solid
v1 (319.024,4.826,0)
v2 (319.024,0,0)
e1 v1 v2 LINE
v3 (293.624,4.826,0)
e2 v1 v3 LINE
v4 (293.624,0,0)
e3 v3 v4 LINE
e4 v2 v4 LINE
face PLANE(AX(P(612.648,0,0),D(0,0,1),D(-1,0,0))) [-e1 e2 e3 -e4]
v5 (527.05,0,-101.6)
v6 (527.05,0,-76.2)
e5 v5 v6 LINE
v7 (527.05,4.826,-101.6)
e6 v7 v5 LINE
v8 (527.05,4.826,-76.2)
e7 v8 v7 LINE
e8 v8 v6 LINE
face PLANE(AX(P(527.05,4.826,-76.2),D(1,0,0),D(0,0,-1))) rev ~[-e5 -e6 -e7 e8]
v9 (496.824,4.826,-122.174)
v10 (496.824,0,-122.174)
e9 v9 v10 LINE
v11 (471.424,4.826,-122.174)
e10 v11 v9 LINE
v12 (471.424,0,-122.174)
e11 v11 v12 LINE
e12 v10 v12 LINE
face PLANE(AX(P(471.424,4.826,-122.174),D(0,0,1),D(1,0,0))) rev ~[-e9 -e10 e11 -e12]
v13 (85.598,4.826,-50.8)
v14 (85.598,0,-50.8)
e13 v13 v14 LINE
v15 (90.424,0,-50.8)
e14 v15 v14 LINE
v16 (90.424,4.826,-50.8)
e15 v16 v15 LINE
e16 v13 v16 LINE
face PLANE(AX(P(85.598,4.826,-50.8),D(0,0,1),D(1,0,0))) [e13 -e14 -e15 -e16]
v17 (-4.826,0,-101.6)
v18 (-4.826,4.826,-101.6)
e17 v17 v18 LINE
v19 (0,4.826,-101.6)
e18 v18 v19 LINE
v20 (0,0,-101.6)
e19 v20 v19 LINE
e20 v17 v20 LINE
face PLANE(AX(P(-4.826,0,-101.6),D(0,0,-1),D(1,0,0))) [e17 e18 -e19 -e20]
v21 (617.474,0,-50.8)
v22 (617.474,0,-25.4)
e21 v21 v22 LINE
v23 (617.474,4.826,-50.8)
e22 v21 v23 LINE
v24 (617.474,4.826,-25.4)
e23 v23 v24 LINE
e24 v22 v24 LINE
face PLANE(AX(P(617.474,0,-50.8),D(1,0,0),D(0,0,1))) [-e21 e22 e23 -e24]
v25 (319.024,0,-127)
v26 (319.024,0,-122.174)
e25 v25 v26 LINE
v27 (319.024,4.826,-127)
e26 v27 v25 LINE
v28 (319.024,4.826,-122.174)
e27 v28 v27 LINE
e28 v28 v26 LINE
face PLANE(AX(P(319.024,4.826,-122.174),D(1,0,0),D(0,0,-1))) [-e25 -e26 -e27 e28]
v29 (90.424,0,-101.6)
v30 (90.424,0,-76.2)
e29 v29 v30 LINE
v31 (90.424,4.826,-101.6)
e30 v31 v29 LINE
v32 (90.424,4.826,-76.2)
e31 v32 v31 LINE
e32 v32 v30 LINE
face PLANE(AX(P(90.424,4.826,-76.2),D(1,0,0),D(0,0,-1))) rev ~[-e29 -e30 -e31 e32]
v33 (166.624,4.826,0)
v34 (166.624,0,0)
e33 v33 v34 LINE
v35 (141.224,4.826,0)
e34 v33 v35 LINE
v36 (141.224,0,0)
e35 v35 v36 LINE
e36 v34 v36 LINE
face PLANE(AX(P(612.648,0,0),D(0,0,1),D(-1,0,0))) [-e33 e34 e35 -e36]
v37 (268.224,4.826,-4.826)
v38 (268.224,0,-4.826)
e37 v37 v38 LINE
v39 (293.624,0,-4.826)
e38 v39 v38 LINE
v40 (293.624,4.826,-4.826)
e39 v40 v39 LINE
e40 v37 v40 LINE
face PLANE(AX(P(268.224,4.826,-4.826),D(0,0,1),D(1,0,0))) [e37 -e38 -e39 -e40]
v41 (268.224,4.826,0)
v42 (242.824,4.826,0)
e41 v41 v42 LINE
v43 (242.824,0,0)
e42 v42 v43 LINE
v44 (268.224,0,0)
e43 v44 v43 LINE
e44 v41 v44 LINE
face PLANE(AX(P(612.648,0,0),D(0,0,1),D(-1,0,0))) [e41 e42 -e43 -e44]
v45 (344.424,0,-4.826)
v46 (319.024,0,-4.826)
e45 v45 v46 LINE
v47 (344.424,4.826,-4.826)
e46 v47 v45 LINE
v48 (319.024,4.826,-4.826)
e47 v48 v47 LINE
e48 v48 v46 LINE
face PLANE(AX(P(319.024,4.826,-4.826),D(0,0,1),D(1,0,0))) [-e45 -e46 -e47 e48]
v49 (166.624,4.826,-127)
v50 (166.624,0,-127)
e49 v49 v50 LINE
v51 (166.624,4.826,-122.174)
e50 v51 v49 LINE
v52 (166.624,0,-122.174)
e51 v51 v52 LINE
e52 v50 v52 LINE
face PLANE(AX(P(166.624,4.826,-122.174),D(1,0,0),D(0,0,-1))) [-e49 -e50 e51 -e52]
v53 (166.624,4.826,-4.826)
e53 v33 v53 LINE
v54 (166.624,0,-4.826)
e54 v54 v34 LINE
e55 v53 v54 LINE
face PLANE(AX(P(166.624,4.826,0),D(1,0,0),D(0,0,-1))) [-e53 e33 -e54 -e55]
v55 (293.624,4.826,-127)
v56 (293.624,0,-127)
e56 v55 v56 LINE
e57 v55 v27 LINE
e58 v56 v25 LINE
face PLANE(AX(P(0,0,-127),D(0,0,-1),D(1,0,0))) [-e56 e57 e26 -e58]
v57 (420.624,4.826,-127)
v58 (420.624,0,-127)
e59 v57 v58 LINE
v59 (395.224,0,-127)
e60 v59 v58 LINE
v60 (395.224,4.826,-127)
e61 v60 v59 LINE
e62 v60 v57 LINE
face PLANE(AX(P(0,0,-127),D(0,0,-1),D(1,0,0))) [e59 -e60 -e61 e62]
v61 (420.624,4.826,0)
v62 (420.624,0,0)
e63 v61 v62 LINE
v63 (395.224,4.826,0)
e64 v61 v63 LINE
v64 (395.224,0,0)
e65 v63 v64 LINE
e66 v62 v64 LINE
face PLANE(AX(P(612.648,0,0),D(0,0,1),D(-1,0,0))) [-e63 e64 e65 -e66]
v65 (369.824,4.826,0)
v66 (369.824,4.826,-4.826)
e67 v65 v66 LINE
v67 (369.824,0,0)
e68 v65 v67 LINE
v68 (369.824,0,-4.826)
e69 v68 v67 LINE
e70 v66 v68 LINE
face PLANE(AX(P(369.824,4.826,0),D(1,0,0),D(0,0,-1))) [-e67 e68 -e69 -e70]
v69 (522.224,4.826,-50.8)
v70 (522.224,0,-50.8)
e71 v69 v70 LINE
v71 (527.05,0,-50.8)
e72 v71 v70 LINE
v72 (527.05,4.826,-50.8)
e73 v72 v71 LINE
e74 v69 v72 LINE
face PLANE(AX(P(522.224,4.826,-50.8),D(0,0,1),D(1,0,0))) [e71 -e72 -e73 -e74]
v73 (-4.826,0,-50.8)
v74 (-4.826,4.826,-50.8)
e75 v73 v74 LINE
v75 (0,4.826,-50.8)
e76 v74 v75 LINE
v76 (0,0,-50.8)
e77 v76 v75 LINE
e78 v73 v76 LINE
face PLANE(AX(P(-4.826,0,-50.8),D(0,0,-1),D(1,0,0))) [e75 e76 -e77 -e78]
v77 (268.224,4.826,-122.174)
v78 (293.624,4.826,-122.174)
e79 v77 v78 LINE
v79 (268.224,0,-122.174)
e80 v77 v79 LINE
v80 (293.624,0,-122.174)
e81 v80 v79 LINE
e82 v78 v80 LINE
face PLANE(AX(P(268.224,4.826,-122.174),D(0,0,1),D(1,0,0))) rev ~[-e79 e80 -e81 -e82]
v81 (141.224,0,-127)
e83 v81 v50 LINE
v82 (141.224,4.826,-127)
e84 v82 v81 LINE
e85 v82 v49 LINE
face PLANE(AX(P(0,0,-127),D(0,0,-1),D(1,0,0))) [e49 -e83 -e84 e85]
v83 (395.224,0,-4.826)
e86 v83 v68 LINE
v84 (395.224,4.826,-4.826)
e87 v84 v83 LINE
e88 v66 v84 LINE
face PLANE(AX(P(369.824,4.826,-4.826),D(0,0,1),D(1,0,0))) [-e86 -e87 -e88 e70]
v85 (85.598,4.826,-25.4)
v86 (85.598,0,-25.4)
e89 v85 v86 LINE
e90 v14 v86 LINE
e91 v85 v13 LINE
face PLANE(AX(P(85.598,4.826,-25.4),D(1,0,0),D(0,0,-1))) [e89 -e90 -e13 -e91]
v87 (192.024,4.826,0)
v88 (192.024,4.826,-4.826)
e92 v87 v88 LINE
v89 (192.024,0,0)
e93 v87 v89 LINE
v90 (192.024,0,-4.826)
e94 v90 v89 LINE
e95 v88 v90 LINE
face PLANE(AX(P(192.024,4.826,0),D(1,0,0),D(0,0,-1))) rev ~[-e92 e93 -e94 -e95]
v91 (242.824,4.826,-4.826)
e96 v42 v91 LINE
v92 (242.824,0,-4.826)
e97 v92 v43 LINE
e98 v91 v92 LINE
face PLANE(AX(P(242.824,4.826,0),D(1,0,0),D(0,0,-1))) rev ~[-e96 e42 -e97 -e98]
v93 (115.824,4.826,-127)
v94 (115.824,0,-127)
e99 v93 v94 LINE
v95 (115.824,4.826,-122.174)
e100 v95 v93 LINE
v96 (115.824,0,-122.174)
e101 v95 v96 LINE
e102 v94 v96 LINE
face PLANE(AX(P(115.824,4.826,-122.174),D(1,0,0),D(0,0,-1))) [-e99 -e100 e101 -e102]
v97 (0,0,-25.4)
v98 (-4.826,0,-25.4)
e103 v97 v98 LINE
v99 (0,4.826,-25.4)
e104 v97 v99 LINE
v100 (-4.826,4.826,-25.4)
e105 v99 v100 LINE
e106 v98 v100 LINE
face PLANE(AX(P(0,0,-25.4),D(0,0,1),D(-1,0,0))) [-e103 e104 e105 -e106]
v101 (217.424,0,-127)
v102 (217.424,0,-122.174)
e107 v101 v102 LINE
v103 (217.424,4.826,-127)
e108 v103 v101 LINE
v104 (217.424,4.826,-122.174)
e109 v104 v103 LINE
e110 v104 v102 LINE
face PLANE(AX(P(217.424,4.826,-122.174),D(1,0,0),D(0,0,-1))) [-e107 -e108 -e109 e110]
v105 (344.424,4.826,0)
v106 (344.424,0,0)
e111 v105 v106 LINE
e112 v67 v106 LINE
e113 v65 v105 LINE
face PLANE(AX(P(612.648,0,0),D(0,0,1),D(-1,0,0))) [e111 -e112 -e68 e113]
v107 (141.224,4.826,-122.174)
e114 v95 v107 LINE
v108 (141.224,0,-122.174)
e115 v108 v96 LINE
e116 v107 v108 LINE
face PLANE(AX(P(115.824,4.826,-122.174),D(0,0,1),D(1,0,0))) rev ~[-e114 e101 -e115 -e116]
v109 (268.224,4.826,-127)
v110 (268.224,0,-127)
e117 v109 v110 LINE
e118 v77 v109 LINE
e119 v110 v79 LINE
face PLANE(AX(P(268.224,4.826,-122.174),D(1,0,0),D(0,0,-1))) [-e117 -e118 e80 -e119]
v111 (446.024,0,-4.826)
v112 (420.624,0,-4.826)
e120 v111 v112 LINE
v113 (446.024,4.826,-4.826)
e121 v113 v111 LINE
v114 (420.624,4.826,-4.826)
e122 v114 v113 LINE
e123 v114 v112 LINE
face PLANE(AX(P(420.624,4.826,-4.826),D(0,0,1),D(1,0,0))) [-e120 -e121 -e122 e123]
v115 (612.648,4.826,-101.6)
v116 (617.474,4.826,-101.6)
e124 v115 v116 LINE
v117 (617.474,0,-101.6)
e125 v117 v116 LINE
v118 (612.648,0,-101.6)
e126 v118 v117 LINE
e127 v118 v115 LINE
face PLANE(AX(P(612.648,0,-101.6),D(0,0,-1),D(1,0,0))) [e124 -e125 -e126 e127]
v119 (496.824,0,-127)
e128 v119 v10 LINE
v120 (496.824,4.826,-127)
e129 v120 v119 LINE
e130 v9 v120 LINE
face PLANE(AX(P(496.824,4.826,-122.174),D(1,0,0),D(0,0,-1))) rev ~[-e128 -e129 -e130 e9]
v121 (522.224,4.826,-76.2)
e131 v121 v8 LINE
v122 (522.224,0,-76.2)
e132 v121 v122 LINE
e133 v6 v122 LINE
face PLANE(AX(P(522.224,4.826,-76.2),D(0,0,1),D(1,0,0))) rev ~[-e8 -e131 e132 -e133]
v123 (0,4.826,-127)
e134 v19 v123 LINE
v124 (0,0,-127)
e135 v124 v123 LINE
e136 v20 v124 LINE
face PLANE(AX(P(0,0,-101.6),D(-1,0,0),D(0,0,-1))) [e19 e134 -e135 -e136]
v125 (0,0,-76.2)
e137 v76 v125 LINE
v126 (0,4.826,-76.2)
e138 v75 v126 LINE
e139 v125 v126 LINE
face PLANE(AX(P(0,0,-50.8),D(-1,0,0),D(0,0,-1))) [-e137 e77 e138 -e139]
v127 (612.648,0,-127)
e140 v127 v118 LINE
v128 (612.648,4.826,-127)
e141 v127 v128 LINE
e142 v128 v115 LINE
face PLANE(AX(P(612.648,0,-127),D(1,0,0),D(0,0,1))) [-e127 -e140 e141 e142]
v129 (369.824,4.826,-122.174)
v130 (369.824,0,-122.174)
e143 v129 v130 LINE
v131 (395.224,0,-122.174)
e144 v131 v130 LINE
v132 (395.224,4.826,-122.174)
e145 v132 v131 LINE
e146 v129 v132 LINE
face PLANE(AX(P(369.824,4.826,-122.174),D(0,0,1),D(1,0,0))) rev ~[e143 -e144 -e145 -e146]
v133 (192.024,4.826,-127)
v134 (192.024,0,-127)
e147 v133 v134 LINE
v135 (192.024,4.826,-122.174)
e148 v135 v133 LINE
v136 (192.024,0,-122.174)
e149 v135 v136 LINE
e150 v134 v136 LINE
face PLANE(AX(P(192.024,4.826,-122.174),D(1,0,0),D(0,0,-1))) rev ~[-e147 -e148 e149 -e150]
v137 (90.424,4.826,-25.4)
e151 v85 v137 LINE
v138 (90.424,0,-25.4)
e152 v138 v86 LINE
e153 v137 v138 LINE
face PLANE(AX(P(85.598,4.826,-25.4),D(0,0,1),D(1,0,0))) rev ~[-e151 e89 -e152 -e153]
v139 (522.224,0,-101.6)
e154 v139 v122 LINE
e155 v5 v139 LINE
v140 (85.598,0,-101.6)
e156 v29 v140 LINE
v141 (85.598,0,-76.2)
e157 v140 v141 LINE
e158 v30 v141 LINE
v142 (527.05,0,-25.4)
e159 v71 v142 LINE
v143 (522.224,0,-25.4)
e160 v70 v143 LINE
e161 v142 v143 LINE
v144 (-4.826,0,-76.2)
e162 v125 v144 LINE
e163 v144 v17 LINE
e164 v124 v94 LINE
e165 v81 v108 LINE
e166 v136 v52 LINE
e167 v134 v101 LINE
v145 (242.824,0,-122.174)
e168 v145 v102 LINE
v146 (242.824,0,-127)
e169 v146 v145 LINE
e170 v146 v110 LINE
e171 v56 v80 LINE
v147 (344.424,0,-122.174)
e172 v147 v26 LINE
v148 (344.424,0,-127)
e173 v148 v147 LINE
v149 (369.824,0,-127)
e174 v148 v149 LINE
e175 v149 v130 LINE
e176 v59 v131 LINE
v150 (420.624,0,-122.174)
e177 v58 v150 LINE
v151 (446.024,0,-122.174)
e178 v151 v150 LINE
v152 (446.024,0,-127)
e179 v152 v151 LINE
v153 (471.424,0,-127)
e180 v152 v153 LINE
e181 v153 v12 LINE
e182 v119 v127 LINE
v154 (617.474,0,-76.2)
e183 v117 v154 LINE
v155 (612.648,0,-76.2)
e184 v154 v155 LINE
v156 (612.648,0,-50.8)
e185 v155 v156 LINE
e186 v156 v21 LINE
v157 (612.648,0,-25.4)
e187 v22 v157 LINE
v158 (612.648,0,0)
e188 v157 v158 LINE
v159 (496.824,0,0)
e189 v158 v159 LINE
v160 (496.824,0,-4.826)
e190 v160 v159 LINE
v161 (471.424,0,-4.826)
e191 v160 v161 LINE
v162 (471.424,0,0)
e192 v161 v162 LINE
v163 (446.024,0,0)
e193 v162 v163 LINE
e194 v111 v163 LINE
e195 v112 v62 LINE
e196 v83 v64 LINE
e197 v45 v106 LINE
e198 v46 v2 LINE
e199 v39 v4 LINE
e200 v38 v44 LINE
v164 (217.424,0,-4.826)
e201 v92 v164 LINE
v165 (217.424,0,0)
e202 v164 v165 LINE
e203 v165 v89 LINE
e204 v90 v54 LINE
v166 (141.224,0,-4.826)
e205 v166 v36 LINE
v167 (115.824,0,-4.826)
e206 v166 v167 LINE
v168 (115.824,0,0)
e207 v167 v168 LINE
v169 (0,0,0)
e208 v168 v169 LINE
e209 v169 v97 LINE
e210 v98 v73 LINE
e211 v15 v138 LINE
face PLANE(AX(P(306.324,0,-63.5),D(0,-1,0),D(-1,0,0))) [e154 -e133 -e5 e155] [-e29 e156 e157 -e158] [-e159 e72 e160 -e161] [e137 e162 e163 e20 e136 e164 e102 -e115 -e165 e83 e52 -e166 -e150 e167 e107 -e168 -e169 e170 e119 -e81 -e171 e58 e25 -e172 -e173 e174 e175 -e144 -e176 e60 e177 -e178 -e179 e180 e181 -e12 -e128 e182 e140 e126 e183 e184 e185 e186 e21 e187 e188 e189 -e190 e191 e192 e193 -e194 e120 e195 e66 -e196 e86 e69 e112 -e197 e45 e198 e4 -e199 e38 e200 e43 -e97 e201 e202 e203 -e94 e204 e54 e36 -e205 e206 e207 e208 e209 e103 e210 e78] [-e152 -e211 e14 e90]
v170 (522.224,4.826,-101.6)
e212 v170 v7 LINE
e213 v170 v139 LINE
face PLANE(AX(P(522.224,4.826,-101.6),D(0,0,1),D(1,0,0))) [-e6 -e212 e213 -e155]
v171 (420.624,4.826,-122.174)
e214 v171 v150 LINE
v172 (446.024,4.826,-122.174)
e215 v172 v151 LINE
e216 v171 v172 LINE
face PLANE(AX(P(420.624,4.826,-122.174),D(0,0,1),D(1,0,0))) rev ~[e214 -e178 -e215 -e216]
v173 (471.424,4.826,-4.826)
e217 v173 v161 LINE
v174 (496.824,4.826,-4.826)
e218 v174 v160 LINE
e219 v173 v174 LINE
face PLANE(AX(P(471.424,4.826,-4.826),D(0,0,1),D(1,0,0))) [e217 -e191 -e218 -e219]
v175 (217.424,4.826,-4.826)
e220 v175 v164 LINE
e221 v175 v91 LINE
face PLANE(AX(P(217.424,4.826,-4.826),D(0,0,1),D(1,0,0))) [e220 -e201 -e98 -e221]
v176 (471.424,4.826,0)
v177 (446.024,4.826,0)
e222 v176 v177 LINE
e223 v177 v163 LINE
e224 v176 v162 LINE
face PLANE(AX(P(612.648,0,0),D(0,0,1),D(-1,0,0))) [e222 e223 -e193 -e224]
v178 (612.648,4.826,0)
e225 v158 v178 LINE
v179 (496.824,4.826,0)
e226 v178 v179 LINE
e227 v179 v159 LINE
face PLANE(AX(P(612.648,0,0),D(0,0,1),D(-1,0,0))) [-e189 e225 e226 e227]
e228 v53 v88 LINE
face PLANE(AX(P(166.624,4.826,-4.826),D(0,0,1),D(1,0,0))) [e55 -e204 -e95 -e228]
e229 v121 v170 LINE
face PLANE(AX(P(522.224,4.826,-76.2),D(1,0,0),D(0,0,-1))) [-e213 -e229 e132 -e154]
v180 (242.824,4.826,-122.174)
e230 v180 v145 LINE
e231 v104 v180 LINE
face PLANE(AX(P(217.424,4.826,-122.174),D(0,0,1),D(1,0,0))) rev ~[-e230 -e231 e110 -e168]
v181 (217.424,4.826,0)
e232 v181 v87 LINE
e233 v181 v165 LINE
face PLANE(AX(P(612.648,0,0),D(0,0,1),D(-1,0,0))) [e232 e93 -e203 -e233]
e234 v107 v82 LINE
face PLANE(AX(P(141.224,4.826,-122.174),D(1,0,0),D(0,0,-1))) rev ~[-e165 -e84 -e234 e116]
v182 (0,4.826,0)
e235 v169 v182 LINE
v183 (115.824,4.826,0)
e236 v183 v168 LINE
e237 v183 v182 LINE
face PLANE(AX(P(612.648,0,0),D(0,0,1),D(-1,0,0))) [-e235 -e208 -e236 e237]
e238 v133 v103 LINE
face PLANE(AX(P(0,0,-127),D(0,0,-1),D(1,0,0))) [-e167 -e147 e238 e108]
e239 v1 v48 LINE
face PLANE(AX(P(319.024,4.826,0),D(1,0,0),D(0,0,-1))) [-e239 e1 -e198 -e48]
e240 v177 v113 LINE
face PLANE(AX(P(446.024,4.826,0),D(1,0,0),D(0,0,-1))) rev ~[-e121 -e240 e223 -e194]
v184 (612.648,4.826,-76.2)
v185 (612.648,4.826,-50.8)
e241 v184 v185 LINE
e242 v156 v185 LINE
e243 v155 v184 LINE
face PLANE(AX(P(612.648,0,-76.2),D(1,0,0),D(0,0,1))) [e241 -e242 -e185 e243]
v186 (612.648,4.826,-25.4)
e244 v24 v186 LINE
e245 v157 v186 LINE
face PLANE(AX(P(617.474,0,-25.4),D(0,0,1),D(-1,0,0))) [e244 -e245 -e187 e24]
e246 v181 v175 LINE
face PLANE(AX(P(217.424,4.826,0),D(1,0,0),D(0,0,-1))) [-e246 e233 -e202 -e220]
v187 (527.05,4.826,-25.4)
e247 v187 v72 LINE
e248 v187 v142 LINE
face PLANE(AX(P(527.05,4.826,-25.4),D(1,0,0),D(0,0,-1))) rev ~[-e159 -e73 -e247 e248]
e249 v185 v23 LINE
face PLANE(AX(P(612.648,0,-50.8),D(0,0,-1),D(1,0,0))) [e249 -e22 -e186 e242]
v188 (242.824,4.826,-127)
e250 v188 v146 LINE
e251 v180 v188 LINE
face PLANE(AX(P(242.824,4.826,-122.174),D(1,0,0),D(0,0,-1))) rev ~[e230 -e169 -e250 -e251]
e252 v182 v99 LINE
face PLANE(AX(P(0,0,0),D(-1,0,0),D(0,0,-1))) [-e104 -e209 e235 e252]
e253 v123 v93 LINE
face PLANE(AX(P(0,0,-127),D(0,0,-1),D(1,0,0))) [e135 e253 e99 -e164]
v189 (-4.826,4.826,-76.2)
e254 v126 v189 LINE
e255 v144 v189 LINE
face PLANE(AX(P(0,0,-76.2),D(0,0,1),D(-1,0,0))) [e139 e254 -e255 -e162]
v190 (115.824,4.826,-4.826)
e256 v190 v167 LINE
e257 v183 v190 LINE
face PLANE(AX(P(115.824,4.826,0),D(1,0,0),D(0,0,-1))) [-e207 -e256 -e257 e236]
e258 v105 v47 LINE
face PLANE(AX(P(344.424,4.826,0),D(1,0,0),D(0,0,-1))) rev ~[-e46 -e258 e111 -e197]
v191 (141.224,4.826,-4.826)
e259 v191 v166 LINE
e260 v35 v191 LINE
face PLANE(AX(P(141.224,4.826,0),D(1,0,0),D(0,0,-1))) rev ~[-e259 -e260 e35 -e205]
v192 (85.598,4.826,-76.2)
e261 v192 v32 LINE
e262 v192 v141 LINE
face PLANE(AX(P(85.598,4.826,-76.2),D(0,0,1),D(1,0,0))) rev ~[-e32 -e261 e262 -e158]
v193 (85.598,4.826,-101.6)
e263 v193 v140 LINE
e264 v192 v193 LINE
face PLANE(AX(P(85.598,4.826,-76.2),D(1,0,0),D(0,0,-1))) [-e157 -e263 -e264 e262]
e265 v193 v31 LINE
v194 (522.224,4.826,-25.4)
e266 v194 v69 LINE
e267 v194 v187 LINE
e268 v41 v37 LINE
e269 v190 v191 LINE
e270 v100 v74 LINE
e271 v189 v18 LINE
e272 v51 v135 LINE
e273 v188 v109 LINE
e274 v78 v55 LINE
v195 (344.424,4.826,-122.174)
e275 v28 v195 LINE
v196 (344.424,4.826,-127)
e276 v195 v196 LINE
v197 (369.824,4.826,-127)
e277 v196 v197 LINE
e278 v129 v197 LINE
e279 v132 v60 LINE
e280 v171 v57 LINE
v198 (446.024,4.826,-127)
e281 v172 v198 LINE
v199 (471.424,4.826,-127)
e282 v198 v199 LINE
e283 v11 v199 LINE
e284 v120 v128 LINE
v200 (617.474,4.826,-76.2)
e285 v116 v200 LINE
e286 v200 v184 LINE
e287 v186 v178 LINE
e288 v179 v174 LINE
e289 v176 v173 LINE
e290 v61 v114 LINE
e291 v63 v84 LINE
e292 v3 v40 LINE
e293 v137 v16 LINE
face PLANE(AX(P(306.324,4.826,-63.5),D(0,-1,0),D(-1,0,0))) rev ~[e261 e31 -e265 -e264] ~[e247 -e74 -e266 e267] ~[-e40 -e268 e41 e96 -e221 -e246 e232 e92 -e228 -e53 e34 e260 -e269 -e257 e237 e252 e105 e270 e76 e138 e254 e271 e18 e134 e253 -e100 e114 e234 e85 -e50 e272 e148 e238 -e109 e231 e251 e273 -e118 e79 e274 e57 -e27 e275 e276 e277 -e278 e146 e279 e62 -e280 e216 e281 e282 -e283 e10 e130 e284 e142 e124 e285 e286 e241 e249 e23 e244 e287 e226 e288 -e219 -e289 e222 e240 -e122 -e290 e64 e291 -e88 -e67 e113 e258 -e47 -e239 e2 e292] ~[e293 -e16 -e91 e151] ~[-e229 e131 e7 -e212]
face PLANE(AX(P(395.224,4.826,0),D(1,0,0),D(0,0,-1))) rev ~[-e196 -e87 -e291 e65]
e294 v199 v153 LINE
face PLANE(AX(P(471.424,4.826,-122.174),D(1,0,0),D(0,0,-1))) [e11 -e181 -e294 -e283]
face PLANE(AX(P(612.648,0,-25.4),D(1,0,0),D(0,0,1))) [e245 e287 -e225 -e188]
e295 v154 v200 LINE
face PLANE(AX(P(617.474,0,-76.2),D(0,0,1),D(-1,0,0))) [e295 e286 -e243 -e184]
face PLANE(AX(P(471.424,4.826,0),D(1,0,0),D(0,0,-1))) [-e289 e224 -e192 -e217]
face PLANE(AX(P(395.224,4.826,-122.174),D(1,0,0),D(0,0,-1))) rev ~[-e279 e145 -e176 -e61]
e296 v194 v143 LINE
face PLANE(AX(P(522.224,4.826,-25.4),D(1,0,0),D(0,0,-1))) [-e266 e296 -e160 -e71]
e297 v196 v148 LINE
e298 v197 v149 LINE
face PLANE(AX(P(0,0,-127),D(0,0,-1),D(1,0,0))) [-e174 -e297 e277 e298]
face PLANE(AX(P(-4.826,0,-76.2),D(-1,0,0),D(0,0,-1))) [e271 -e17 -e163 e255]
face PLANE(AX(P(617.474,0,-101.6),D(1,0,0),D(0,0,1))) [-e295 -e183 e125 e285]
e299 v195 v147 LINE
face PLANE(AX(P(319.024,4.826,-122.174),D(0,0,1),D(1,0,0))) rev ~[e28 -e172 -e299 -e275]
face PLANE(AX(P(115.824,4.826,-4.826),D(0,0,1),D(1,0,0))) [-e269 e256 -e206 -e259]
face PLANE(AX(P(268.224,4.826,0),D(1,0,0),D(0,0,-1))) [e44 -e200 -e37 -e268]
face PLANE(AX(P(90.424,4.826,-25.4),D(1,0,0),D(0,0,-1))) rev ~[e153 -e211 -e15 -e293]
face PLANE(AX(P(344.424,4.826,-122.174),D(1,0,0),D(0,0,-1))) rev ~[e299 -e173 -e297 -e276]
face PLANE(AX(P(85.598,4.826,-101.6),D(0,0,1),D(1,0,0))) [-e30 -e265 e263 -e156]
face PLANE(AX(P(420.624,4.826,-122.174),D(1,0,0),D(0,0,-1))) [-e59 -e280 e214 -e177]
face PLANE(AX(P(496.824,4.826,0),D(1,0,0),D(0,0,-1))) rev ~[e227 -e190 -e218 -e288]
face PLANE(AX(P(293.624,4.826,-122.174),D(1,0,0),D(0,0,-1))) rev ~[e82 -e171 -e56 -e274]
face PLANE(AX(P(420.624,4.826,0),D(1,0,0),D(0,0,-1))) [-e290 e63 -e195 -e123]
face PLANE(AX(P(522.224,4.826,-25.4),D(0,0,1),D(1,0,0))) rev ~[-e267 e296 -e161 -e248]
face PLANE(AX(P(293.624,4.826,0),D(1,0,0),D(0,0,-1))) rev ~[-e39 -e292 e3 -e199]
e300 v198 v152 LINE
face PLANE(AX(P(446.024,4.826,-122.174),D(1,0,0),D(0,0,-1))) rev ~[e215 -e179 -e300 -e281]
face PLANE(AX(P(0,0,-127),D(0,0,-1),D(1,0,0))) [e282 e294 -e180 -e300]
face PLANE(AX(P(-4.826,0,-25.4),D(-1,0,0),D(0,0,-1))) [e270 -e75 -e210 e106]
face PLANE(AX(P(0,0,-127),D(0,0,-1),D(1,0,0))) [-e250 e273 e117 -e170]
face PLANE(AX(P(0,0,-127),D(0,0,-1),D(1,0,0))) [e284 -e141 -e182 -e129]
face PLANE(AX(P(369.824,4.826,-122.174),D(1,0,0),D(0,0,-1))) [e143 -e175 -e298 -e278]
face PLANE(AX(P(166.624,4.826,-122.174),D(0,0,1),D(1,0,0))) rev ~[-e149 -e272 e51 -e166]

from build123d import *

# Parameters (mm, degrees)
BOSS_EXTRUDE1_DEPTH = 4.826
SKETCH2_W           = 4.826
SKETCH2_H           = 25.4
CUT_EXTRUDE1_DEPTH  = 5.826
SKETCH3_W           = 25.4
SKETCH3_H           = 4.826
CUT_EXTRUDE2_DEPTH  = 5.826


with BuildPart() as part:
    # Sketch1 → Boss-Extrude1 (new body)
    with BuildSketch(Plane(origin=(0, 0, 0), x_dir=(1, 0, 0), z_dir=(0, 1, 0))):
        Polygon((0, 101.6), (0, 127), (612.648, 127), (612.648, 101.6), (617.474, 101.6), (617.474, 76.2), (612.648, 76.2), (612.648, 50.8), (617.474, 50.8), (617.474, 25.4), (612.648, 25.4), (612.648, 0), (0, 0), (0, 25.4), (-4.826, 25.4), (-4.826, 50.8), (0, 50.8), (0, 76.2), (-4.826, 76.2), (-4.826, 101.6), align=None)
    extrude(amount=BOSS_EXTRUDE1_DEPTH)

    # Sketch2 → Cut-Extrude1 (cut, through all)
    with BuildSketch(Plane(origin=(0, 4.826, 0), x_dir=(1, 0, 0), z_dir=(0, 1, 0))):
        with Locations((524.637, 88.9)):
            Rectangle(SKETCH2_W, SKETCH2_H)
        with Locations((524.637, 38.1)):
            Rectangle(SKETCH2_W, SKETCH2_H)
        with Locations((88.011, 38.1)):
            Rectangle(SKETCH2_W, SKETCH2_H)
        with Locations((88.011, 88.9)):
            Rectangle(SKETCH2_W, SKETCH2_H)
    extrude(amount=-CUT_EXTRUDE1_DEPTH, mode=Mode.SUBTRACT)

    # Sketch3 → Cut-Extrude2 (cut, through all)
    with BuildSketch(Plane(origin=(0, 4.826, 0), x_dir=(1, 0, 0), z_dir=(0, 1, 0))):
        with Locations((484.124, 2.413)):
            Rectangle(SKETCH3_W, SKETCH3_H)
        with Locations((433.324, 2.413)):
            Rectangle(SKETCH3_W, SKETCH3_H)
        with Locations((382.524, 2.413)):
            Rectangle(SKETCH3_W, SKETCH3_H)
        with Locations((331.724, 2.413)):
            Rectangle(SKETCH3_W, SKETCH3_H)
        with Locations((280.924, 2.413)):
            Rectangle(SKETCH3_W, SKETCH3_H)
        with Locations((230.124, 2.413)):
            Rectangle(SKETCH3_W, SKETCH3_H)
        with Locations((128.524, 2.413)):
            Rectangle(SKETCH3_W, SKETCH3_H)
        with Locations((179.324, 2.413)):
            Rectangle(SKETCH3_W, SKETCH3_H)
        with Locations((128.524, 124.587)):
            Rectangle(SKETCH3_W, SKETCH3_H)
        with Locations((179.324, 124.587)):
            Rectangle(SKETCH3_W, SKETCH3_H)
        with Locations((230.124, 124.587)):
            Rectangle(SKETCH3_W, SKETCH3_H)
        with Locations((280.924, 124.587)):
            Rectangle(SKETCH3_W, SKETCH3_H)
        with Locations((331.724, 124.587)):
            Rectangle(SKETCH3_W, SKETCH3_H)
        with Locations((382.524, 124.587)):
            Rectangle(SKETCH3_W, SKETCH3_H)
        with Locations((433.324, 124.587)):
            Rectangle(SKETCH3_W, SKETCH3_H)
        with Locations((484.124, 124.587)):
            Rectangle(SKETCH3_W, SKETCH3_H)
    extrude(amount=-CUT_EXTRUDE2_DEPTH, mode=Mode.SUBTRACT)


solid = part.part
